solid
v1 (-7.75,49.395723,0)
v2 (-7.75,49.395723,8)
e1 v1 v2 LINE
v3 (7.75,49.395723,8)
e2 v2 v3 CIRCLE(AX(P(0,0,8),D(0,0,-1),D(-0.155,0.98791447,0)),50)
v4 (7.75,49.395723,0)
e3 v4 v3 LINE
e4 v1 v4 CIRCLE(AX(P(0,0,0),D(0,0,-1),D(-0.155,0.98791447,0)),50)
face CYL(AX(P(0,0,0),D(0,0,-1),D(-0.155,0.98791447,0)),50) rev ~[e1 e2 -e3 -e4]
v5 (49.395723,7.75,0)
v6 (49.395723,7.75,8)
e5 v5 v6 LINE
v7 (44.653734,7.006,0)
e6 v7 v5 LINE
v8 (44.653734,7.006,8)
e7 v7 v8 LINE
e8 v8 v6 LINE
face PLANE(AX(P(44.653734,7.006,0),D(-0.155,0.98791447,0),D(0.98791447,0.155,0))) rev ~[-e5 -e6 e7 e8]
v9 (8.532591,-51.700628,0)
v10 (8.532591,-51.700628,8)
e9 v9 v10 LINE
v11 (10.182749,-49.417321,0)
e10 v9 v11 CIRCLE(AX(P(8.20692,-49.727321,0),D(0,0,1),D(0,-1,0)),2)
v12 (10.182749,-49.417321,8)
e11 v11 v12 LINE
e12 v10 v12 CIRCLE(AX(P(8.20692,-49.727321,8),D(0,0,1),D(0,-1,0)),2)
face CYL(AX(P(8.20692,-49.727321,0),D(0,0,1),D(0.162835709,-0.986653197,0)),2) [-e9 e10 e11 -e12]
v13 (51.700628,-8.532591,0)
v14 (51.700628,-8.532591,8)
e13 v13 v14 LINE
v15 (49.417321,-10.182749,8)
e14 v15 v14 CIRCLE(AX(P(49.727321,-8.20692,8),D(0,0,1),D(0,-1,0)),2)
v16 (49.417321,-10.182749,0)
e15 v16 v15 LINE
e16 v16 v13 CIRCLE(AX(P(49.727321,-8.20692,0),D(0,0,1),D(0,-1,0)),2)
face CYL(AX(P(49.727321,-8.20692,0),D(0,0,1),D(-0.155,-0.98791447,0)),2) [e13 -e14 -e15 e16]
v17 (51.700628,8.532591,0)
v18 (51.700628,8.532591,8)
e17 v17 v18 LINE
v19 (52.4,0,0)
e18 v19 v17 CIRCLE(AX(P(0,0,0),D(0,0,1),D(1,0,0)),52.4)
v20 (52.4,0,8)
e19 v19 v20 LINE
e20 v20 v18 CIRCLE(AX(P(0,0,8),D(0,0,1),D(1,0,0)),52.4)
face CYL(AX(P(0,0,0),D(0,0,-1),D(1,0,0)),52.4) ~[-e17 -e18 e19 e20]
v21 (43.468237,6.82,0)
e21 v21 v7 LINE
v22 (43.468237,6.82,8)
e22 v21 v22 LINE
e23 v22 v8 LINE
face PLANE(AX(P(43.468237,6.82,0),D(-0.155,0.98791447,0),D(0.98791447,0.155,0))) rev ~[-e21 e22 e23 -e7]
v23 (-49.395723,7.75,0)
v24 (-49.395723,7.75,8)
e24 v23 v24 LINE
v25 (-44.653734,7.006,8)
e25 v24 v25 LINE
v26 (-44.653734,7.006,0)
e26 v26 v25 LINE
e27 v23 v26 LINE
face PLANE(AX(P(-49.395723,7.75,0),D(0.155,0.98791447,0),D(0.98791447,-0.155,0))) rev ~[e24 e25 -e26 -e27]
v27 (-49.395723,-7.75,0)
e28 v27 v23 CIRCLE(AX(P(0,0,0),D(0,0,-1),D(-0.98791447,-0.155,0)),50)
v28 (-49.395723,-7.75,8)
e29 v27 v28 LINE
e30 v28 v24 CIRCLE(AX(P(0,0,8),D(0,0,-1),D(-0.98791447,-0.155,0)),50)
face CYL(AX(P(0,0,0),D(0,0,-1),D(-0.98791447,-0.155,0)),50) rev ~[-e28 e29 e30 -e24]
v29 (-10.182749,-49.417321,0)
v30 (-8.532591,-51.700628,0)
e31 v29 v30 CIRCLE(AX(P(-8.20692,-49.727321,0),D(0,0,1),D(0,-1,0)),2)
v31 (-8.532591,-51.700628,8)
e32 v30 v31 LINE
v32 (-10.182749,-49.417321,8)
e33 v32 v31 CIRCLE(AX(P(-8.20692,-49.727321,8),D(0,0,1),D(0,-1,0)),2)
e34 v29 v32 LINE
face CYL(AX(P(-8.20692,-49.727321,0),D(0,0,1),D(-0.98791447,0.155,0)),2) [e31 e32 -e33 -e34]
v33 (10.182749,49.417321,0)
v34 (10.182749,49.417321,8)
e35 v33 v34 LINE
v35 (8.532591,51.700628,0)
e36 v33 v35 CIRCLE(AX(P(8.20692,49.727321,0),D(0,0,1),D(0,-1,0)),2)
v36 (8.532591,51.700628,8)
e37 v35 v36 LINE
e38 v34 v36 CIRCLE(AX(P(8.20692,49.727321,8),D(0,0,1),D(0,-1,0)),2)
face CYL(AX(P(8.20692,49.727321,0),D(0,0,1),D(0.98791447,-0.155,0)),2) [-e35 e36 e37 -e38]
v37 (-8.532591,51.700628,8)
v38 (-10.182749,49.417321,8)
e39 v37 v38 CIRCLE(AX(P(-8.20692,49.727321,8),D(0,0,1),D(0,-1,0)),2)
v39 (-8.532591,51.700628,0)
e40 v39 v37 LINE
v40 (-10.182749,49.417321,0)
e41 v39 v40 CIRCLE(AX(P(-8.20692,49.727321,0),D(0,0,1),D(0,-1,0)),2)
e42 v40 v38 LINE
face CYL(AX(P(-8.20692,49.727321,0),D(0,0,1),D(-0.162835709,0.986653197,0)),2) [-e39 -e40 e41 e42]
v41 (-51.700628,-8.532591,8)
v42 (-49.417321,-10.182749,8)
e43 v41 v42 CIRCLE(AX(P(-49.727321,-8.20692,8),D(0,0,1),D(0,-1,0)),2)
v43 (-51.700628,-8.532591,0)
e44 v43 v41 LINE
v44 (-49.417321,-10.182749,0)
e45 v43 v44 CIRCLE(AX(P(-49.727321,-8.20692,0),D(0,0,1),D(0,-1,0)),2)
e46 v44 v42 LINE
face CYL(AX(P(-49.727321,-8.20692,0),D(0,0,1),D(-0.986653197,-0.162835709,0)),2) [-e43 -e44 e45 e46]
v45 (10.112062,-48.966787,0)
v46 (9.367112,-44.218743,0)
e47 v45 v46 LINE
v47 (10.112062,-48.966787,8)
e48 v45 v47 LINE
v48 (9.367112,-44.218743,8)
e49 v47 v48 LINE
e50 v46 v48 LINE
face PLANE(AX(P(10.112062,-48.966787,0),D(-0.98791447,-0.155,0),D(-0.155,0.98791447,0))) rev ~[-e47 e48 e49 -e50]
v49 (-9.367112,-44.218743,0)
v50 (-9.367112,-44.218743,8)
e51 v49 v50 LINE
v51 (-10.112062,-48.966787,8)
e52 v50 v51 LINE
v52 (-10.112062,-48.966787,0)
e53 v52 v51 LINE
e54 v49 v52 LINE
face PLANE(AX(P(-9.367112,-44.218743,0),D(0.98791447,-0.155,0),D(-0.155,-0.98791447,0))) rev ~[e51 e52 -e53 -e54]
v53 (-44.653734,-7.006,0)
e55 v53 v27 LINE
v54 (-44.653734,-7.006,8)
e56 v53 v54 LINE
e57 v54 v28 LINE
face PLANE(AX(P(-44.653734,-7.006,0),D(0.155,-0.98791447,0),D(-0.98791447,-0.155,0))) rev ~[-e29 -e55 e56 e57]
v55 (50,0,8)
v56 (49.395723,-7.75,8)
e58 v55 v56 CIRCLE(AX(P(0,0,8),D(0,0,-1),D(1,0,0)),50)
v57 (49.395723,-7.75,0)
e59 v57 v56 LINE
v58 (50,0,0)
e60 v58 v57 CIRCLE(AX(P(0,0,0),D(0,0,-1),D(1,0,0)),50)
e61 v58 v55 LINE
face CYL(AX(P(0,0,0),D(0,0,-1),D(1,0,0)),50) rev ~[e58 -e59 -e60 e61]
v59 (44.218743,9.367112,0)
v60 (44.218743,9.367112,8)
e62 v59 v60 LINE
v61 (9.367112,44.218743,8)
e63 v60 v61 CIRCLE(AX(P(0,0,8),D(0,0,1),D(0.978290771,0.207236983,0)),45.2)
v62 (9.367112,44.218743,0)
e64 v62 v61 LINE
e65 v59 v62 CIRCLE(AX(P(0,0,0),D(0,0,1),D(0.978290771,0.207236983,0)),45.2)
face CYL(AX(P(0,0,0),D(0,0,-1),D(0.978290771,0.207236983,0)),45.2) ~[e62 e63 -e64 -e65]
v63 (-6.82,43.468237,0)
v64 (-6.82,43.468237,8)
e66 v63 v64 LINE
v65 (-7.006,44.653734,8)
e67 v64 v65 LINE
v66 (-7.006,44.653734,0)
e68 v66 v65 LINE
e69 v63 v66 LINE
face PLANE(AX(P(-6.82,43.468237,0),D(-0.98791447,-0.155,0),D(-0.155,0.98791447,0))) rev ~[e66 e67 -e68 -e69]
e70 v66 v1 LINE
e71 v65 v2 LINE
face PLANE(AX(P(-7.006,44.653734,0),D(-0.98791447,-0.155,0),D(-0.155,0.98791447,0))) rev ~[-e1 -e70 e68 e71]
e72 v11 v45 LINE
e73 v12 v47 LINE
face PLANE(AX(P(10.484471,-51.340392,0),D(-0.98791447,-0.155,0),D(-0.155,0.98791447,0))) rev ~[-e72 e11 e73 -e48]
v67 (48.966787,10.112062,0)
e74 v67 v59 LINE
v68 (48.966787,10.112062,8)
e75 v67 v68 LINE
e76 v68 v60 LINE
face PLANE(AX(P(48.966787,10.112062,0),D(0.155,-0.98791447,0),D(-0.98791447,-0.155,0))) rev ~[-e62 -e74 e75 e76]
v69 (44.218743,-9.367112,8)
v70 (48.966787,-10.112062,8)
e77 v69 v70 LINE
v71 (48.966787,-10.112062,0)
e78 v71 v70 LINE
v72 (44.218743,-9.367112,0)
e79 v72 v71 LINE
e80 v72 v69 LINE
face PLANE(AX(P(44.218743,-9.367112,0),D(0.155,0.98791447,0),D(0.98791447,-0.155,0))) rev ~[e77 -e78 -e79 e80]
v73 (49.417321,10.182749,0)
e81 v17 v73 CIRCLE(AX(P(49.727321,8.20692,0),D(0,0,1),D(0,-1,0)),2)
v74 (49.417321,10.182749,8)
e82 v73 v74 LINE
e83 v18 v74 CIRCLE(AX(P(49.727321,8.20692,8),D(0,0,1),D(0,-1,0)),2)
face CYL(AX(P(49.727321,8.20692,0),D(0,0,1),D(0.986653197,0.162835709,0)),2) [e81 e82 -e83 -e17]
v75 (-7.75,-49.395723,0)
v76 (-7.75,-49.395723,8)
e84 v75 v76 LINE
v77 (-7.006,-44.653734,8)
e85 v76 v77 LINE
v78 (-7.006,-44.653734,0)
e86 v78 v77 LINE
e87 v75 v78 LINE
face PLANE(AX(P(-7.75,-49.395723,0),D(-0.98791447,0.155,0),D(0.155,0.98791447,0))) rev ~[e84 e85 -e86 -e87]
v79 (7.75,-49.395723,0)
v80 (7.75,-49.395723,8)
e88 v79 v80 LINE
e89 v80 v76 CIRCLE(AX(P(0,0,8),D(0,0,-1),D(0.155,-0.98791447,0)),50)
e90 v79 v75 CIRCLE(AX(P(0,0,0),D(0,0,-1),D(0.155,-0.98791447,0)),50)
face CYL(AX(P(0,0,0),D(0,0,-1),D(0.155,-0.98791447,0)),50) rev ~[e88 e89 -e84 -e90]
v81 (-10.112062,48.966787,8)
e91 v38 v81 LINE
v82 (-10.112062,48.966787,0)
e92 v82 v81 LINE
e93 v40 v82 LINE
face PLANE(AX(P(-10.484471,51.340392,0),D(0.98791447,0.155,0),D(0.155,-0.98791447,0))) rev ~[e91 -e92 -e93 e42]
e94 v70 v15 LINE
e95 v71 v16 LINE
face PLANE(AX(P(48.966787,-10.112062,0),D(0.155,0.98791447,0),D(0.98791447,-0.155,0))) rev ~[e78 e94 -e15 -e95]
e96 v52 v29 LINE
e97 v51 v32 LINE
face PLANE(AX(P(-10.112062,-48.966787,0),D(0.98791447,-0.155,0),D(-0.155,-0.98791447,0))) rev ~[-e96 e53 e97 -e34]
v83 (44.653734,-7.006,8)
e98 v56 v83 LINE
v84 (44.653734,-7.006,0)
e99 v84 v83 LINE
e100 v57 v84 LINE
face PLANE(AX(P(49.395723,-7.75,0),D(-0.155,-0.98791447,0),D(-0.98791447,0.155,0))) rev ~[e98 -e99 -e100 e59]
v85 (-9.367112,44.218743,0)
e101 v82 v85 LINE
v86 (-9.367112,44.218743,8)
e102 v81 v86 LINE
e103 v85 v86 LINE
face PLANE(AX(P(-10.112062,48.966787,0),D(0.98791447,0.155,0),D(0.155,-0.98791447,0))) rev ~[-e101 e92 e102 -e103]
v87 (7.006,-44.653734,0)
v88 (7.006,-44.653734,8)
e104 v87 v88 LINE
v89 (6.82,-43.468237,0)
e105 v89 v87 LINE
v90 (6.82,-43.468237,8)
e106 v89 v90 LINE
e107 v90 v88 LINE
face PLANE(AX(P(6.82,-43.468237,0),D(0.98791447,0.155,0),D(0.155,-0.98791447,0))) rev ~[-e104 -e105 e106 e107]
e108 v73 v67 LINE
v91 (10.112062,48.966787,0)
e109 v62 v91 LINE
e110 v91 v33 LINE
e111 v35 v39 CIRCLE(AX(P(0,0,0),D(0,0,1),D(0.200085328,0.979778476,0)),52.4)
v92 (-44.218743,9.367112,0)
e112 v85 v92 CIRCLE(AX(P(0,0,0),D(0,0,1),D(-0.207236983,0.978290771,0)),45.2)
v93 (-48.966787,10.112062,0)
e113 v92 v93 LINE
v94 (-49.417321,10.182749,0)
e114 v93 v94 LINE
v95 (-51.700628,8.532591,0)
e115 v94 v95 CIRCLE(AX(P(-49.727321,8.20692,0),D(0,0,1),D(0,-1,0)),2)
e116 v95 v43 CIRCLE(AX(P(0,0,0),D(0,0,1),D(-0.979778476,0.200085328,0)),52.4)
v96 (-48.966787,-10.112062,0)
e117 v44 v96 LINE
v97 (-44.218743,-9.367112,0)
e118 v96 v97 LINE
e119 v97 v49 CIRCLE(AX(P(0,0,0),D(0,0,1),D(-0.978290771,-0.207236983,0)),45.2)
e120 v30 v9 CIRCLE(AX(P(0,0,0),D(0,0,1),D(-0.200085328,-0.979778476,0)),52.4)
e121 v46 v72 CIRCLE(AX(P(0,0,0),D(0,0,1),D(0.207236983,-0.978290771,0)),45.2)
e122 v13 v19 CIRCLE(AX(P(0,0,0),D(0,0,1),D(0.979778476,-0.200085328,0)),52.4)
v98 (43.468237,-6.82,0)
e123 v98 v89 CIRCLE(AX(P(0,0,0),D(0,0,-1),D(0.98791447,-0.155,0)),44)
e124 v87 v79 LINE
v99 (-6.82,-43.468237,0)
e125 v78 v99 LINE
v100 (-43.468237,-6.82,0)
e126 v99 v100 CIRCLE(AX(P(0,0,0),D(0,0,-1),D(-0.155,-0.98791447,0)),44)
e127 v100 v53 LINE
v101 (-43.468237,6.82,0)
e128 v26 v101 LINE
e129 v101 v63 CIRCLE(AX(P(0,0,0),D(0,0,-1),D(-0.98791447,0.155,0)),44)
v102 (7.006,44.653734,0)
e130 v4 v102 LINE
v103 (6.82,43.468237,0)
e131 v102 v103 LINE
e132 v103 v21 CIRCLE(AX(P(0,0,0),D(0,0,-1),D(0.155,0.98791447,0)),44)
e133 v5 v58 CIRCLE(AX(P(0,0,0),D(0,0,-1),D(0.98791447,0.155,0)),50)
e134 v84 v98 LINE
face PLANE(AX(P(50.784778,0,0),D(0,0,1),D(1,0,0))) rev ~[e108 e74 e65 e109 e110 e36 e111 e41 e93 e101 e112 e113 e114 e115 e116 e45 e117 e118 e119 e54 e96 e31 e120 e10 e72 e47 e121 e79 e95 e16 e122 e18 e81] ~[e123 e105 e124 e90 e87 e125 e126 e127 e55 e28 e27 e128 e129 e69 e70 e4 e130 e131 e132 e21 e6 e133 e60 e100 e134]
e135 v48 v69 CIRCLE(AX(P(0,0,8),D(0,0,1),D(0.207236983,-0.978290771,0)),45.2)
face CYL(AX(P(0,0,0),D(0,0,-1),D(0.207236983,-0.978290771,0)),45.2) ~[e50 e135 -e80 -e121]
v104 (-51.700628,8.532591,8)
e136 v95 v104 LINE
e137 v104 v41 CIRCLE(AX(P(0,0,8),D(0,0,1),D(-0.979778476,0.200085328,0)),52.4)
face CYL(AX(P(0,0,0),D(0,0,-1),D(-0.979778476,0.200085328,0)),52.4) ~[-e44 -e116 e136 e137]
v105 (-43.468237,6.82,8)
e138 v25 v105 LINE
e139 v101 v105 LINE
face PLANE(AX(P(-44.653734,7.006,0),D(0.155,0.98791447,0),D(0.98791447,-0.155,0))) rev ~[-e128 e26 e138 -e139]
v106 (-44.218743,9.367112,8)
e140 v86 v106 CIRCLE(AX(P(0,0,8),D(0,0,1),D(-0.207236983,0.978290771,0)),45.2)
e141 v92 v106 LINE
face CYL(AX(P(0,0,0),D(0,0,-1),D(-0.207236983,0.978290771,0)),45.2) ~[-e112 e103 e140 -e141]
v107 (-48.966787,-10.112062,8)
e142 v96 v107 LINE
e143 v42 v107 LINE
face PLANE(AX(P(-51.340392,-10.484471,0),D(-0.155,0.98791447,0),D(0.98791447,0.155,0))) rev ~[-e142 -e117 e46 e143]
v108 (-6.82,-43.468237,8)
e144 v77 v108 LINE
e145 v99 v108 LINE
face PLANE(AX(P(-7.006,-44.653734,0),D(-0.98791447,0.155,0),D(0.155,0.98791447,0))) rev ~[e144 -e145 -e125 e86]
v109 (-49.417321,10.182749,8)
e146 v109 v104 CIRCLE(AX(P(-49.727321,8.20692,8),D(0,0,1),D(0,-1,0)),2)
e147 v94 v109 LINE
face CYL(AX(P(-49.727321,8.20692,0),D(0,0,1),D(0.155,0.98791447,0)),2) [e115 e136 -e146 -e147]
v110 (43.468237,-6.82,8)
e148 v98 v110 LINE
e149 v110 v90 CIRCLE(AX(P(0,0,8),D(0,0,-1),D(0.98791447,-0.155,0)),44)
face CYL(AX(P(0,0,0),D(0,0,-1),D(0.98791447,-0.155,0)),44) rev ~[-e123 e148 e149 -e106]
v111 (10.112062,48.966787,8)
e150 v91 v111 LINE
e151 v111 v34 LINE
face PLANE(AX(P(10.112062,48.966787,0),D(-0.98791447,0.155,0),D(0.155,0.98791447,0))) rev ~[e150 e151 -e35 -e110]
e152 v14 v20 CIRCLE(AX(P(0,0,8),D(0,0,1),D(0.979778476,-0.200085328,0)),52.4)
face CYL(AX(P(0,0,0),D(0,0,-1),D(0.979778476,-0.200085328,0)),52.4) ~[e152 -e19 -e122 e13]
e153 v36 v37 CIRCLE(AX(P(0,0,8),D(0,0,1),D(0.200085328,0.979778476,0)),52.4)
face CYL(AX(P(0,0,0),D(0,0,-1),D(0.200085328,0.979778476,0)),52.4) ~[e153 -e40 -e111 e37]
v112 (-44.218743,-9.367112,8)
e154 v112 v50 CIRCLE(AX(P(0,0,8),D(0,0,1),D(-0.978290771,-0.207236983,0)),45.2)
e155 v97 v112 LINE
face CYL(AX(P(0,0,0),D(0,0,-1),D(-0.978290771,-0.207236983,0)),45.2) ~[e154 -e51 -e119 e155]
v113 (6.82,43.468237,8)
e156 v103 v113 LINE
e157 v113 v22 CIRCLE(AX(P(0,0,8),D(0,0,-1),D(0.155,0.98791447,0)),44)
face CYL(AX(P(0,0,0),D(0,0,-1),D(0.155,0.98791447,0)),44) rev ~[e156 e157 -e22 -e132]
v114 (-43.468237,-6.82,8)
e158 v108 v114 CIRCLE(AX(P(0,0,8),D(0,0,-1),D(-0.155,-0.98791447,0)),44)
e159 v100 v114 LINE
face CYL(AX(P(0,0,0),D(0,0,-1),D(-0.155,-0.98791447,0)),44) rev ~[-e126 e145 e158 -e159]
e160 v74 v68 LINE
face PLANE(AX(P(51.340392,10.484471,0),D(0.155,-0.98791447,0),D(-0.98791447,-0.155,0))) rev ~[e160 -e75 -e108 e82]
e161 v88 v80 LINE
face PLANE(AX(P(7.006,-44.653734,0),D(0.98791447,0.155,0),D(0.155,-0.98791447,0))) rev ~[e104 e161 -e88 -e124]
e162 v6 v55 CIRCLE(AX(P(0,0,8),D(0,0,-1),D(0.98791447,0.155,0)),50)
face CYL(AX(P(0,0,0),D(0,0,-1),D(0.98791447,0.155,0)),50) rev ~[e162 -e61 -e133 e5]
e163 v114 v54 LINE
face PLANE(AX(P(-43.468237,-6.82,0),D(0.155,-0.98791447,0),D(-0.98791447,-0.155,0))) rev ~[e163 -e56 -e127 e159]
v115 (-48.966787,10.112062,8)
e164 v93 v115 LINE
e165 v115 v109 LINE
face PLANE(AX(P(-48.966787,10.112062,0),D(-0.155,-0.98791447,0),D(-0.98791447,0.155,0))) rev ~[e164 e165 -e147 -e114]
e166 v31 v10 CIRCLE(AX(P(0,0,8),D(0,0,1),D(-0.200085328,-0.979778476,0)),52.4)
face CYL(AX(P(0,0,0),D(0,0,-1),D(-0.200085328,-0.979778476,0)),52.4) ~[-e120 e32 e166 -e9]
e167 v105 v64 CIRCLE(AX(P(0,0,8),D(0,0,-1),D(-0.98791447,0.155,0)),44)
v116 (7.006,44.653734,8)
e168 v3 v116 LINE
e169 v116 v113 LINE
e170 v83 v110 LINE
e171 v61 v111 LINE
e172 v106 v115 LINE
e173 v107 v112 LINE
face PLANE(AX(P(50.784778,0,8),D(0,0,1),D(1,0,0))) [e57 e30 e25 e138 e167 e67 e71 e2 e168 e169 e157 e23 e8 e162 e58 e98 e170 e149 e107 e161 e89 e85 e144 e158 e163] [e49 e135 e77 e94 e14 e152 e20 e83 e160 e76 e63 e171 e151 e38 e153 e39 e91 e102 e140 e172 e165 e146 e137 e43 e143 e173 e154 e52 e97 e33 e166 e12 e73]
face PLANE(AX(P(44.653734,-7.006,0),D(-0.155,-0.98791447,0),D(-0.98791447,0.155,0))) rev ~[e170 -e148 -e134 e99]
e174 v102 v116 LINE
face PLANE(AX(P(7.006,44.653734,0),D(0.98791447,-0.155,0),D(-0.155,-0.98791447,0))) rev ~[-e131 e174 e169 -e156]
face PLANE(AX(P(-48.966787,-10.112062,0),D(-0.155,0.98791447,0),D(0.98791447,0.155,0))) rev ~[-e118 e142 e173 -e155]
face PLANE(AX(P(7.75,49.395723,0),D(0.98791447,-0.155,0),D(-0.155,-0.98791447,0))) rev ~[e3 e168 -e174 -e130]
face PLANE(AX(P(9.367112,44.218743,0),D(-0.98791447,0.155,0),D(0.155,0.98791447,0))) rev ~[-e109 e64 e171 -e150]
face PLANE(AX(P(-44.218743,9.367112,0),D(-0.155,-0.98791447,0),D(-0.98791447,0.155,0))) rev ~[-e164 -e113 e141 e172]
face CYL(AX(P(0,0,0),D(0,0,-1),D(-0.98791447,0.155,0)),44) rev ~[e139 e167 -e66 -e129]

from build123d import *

# Parameters (mm, degrees)
F1_DEPTH = 8
F2_R     = 2


with BuildPart() as f1:
    # F0 (on Top) → F1 (new body)
    with BuildSketch(Plane.XY):
        with BuildLine():
            ThreePointArc((49.3957234991, 7.75), (49.8487019638, 3.8867611867), (50, 0))
            ThreePointArc((50, 0), (49.8487019638, -3.8867611867), (49.3957234991, -7.75))
            ThreePointArc((49.3957234991, -7.75), (49.1954336536, -8.9336055229), (48.9667868112, -10.1120615795))
            Line((48.9667868112, -10.1120615795), (51.3403921319, -10.4844711715))
            ThreePointArc((51.3403921319, -10.4844711715), (52.1344250362, -5.2689397553), (52.4, 0))
            ThreePointArc((52.4, 0), (52.1344250362, 5.2689397553), (51.3403921319, 10.4844711715))
            Line((51.3403921319, 10.4844711715), (48.9667868112, 10.1120615795))
            ThreePointArc((48.9667868112, 10.1120615795), (49.1954336536, 8.9336055229), (49.3957234991, 7.75))
        make_face()
        with BuildLine():
            ThreePointArc((7.75, 49.3957234991), (8.9336055229, 49.1954336536), (10.1120615795, 48.9667868112))
            Line((10.1120615795, 48.9667868112), (10.4844711715, 51.3403921319))
            ThreePointArc((10.4844711715, 51.3403921319), (0, 52.4), (-10.4844711715, 51.3403921319))
            Line((-10.4844711715, 51.3403921319), (-10.1120615795, 48.9667868112))
            ThreePointArc((-10.1120615795, 48.9667868112), (-8.9336055229, 49.1954336536), (-7.75, 49.3957234991))
            ThreePointArc((-7.75, 49.3957234991), (0, 50), (7.75, 49.3957234991))
        make_face()
        with BuildLine():
            Line((-48.9667868112, 10.1120615795), (-51.3403921319, 10.4844711715))
            ThreePointArc((-51.3403921319, 10.4844711715), (-52.4, 0), (-51.3403921319, -10.4844711715))
            Line((-51.3403921319, -10.4844711715), (-48.9667868112, -10.1120615795))
            ThreePointArc((-48.9667868112, -10.1120615795), (-49.1954336536, -8.9336055229), (-49.3957234991, -7.75))
            ThreePointArc((-49.3957234991, -7.75), (-50, 0), (-49.3957234991, 7.75))
            ThreePointArc((-49.3957234991, 7.75), (-49.1954336536, 8.9336055229), (-48.9667868112, 10.1120615795))
        make_face()
        with BuildLine():
            Line((10.4844711715, -51.3403921319), (10.1120615795, -48.9667868112))
            ThreePointArc((10.1120615795, -48.9667868112), (8.9336055229, -49.1954336536), (7.75, -49.3957234991))
            ThreePointArc((7.75, -49.3957234991), (0, -50), (-7.75, -49.3957234991))
            ThreePointArc((-7.75, -49.3957234991), (-8.9336055229, -49.1954336536), (-10.1120615795, -48.9667868112))
            Line((-10.1120615795, -48.9667868112), (-10.4844711715, -51.3403921319))
            ThreePointArc((-10.4844711715, -51.3403921319), (0, -52.4), (10.4844711715, -51.3403921319))
        make_face()
        with BuildLine():
            Line((-7.006, 44.6537340432), (-7.75, 49.3957234991))
            ThreePointArc((-7.75, 49.3957234991), (-8.9336055229, 49.1954336536), (-10.1120615795, 48.9667868112))
            Line((-10.1120615795, 48.9667868112), (-9.3671116509, 44.218742851))
            ThreePointArc((-9.3671116509, 44.218742851), (-8.1894444633, 44.4519178369), (-7.006, 44.6537340432))
        make_face()
        with BuildLine():
            ThreePointArc((-43.4682366792, 6.82), (-31.1126983722, 31.1126983722), (-6.82, 43.4682366792))
            Line((-6.82, 43.4682366792), (-7.006, 44.6537340432))
            ThreePointArc((-7.006, 44.6537340432), (-8.1894444633, 44.4519178369), (-9.3671116509, 44.218742851))
            ThreePointArc((-9.3671116509, 44.218742851), (-31.9612265096, 31.9612265096), (-44.218742851, 9.3671116509))
            ThreePointArc((-44.218742851, 9.3671116509), (-44.4519178369, 8.1894444633), (-44.6537340432, 7.006))
            Line((-44.6537340432, 7.006), (-43.4682366792, 6.82))
        make_face()
        with BuildLine():
            Line((9.3671116509, 44.218742851), (10.1120615795, 48.9667868112))
            ThreePointArc((10.1120615795, 48.9667868112), (8.9336055229, 49.1954336536), (7.75, 49.3957234991))
            Line((7.75, 49.3957234991), (7.006, 44.6537340432))
            ThreePointArc((7.006, 44.6537340432), (8.1894444633, 44.4519178369), (9.3671116509, 44.218742851))
        make_face()
        with BuildLine():
            Line((43.4682366792, 6.82), (44.6537340432, 7.006))
            ThreePointArc((44.6537340432, 7.006), (44.4519178369, 8.1894444633), (44.218742851, 9.3671116509))
            ThreePointArc((44.218742851, 9.3671116509), (31.9612265096, 31.9612265096), (9.3671116509, 44.218742851))
            ThreePointArc((9.3671116509, 44.218742851), (8.1894444633, 44.4519178369), (7.006, 44.6537340432))
            Line((7.006, 44.6537340432), (6.82, 43.4682366792))
            ThreePointArc((6.82, 43.4682366792), (31.1126983722, 31.1126983722), (43.4682366792, 6.82))
        make_face()
        with BuildLine():
            Line((44.6537340432, 7.006), (49.3957234991, 7.75))
            ThreePointArc((49.3957234991, 7.75), (49.1954336536, 8.9336055229), (48.9667868112, 10.1120615795))
            Line((48.9667868112, 10.1120615795), (44.218742851, 9.3671116509))
            ThreePointArc((44.218742851, 9.3671116509), (44.4519178369, 8.1894444633), (44.6537340432, 7.006))
        make_face()
        with BuildLine():
            ThreePointArc((48.9667868112, -10.1120615795), (49.1954336536, -8.9336055229), (49.3957234991, -7.75))
            Line((49.3957234991, -7.75), (44.6537340432, -7.006))
            ThreePointArc((44.6537340432, -7.006), (44.4519178369, -8.1894444633), (44.218742851, -9.3671116509))
            Line((44.218742851, -9.3671116509), (48.9667868112, -10.1120615795))
        make_face()
        with BuildLine():
            Line((-44.218742851, 9.3671116509), (-48.9667868112, 10.1120615795))
            ThreePointArc((-48.9667868112, 10.1120615795), (-49.1954336536, 8.9336055229), (-49.3957234991, 7.75))
            Line((-49.3957234991, 7.75), (-44.6537340432, 7.006))
            ThreePointArc((-44.6537340432, 7.006), (-44.4519178369, 8.1894444633), (-44.218742851, 9.3671116509))
        make_face()
        with BuildLine():
            Line((-7.006, -44.6537340432), (-6.82, -43.4682366792))
            ThreePointArc((-6.82, -43.4682366792), (-31.1126983722, -31.1126983722), (-43.4682366792, -6.82))
            Line((-43.4682366792, -6.82), (-44.6537340432, -7.006))
            ThreePointArc((-44.6537340432, -7.006), (-44.4519178369, -8.1894444633), (-44.218742851, -9.3671116509))
            ThreePointArc((-44.218742851, -9.3671116509), (-31.9612265096, -31.9612265096), (-9.3671116509, -44.218742851))
            ThreePointArc((-9.3671116509, -44.218742851), (-8.1894444633, -44.4519178369), (-7.006, -44.6537340432))
        make_face()
        with BuildLine():
            ThreePointArc((-49.3957234991, -7.75), (-49.1954336536, -8.9336055229), (-48.9667868112, -10.1120615795))
            Line((-48.9667868112, -10.1120615795), (-44.218742851, -9.3671116509))
            ThreePointArc((-44.218742851, -9.3671116509), (-44.4519178369, -8.1894444633), (-44.6537340432, -7.006))
            Line((-44.6537340432, -7.006), (-49.3957234991, -7.75))
        make_face()
        with BuildLine():
            ThreePointArc((44.218742851, -9.3671116509), (44.4519178369, -8.1894444633), (44.6537340432, -7.006))
            Line((44.6537340432, -7.006), (43.4682366792, -6.82))
            ThreePointArc((43.4682366792, -6.82), (31.1126983722, -31.1126983722), (6.82, -43.4682366792))
            Line((6.82, -43.4682366792), (7.006, -44.6537340432))
            ThreePointArc((7.006, -44.6537340432), (8.1894444633, -44.4519178369), (9.3671116509, -44.218742851))
            ThreePointArc((9.3671116509, -44.218742851), (31.9612265096, -31.9612265096), (44.218742851, -9.3671116509))
        make_face()
        with BuildLine():
            ThreePointArc((7.75, -49.3957234991), (8.9336055229, -49.1954336536), (10.1120615795, -48.9667868112))
            Line((10.1120615795, -48.9667868112), (9.3671116509, -44.218742851))
            ThreePointArc((9.3671116509, -44.218742851), (8.1894444633, -44.4519178369), (7.006, -44.6537340432))
            Line((7.006, -44.6537340432), (7.75, -49.3957234991))
        make_face()
        with BuildLine():
            ThreePointArc((-10.1120615795, -48.9667868112), (-8.9336055229, -49.1954336536), (-7.75, -49.3957234991))
            Line((-7.75, -49.3957234991), (-7.006, -44.6537340432))
            ThreePointArc((-7.006, -44.6537340432), (-8.1894444633, -44.4519178369), (-9.3671116509, -44.218742851))
            Line((-9.3671116509, -44.218742851), (-10.1120615795, -48.9667868112))
        make_face()
    extrude(amount=F1_DEPTH)

    # F2
    f2_edges = [f1.edges().sort_by_distance(p)[0] for p in [
        (-51.340392, -10.484471, 4),
        (-51.340392, 10.484471, 4),
        (-10.484471, 51.340392, 4),
        (10.484471, 51.340392, 4),
        (51.340392, -10.484471, 4),
        (51.340392, 10.484471, 4),
        (10.484471, -51.340392, 4),
        (-10.484471, -51.340392, 4),
    ]]
    fillet(f2_edges, radius=F2_R)


solid = f1.part
